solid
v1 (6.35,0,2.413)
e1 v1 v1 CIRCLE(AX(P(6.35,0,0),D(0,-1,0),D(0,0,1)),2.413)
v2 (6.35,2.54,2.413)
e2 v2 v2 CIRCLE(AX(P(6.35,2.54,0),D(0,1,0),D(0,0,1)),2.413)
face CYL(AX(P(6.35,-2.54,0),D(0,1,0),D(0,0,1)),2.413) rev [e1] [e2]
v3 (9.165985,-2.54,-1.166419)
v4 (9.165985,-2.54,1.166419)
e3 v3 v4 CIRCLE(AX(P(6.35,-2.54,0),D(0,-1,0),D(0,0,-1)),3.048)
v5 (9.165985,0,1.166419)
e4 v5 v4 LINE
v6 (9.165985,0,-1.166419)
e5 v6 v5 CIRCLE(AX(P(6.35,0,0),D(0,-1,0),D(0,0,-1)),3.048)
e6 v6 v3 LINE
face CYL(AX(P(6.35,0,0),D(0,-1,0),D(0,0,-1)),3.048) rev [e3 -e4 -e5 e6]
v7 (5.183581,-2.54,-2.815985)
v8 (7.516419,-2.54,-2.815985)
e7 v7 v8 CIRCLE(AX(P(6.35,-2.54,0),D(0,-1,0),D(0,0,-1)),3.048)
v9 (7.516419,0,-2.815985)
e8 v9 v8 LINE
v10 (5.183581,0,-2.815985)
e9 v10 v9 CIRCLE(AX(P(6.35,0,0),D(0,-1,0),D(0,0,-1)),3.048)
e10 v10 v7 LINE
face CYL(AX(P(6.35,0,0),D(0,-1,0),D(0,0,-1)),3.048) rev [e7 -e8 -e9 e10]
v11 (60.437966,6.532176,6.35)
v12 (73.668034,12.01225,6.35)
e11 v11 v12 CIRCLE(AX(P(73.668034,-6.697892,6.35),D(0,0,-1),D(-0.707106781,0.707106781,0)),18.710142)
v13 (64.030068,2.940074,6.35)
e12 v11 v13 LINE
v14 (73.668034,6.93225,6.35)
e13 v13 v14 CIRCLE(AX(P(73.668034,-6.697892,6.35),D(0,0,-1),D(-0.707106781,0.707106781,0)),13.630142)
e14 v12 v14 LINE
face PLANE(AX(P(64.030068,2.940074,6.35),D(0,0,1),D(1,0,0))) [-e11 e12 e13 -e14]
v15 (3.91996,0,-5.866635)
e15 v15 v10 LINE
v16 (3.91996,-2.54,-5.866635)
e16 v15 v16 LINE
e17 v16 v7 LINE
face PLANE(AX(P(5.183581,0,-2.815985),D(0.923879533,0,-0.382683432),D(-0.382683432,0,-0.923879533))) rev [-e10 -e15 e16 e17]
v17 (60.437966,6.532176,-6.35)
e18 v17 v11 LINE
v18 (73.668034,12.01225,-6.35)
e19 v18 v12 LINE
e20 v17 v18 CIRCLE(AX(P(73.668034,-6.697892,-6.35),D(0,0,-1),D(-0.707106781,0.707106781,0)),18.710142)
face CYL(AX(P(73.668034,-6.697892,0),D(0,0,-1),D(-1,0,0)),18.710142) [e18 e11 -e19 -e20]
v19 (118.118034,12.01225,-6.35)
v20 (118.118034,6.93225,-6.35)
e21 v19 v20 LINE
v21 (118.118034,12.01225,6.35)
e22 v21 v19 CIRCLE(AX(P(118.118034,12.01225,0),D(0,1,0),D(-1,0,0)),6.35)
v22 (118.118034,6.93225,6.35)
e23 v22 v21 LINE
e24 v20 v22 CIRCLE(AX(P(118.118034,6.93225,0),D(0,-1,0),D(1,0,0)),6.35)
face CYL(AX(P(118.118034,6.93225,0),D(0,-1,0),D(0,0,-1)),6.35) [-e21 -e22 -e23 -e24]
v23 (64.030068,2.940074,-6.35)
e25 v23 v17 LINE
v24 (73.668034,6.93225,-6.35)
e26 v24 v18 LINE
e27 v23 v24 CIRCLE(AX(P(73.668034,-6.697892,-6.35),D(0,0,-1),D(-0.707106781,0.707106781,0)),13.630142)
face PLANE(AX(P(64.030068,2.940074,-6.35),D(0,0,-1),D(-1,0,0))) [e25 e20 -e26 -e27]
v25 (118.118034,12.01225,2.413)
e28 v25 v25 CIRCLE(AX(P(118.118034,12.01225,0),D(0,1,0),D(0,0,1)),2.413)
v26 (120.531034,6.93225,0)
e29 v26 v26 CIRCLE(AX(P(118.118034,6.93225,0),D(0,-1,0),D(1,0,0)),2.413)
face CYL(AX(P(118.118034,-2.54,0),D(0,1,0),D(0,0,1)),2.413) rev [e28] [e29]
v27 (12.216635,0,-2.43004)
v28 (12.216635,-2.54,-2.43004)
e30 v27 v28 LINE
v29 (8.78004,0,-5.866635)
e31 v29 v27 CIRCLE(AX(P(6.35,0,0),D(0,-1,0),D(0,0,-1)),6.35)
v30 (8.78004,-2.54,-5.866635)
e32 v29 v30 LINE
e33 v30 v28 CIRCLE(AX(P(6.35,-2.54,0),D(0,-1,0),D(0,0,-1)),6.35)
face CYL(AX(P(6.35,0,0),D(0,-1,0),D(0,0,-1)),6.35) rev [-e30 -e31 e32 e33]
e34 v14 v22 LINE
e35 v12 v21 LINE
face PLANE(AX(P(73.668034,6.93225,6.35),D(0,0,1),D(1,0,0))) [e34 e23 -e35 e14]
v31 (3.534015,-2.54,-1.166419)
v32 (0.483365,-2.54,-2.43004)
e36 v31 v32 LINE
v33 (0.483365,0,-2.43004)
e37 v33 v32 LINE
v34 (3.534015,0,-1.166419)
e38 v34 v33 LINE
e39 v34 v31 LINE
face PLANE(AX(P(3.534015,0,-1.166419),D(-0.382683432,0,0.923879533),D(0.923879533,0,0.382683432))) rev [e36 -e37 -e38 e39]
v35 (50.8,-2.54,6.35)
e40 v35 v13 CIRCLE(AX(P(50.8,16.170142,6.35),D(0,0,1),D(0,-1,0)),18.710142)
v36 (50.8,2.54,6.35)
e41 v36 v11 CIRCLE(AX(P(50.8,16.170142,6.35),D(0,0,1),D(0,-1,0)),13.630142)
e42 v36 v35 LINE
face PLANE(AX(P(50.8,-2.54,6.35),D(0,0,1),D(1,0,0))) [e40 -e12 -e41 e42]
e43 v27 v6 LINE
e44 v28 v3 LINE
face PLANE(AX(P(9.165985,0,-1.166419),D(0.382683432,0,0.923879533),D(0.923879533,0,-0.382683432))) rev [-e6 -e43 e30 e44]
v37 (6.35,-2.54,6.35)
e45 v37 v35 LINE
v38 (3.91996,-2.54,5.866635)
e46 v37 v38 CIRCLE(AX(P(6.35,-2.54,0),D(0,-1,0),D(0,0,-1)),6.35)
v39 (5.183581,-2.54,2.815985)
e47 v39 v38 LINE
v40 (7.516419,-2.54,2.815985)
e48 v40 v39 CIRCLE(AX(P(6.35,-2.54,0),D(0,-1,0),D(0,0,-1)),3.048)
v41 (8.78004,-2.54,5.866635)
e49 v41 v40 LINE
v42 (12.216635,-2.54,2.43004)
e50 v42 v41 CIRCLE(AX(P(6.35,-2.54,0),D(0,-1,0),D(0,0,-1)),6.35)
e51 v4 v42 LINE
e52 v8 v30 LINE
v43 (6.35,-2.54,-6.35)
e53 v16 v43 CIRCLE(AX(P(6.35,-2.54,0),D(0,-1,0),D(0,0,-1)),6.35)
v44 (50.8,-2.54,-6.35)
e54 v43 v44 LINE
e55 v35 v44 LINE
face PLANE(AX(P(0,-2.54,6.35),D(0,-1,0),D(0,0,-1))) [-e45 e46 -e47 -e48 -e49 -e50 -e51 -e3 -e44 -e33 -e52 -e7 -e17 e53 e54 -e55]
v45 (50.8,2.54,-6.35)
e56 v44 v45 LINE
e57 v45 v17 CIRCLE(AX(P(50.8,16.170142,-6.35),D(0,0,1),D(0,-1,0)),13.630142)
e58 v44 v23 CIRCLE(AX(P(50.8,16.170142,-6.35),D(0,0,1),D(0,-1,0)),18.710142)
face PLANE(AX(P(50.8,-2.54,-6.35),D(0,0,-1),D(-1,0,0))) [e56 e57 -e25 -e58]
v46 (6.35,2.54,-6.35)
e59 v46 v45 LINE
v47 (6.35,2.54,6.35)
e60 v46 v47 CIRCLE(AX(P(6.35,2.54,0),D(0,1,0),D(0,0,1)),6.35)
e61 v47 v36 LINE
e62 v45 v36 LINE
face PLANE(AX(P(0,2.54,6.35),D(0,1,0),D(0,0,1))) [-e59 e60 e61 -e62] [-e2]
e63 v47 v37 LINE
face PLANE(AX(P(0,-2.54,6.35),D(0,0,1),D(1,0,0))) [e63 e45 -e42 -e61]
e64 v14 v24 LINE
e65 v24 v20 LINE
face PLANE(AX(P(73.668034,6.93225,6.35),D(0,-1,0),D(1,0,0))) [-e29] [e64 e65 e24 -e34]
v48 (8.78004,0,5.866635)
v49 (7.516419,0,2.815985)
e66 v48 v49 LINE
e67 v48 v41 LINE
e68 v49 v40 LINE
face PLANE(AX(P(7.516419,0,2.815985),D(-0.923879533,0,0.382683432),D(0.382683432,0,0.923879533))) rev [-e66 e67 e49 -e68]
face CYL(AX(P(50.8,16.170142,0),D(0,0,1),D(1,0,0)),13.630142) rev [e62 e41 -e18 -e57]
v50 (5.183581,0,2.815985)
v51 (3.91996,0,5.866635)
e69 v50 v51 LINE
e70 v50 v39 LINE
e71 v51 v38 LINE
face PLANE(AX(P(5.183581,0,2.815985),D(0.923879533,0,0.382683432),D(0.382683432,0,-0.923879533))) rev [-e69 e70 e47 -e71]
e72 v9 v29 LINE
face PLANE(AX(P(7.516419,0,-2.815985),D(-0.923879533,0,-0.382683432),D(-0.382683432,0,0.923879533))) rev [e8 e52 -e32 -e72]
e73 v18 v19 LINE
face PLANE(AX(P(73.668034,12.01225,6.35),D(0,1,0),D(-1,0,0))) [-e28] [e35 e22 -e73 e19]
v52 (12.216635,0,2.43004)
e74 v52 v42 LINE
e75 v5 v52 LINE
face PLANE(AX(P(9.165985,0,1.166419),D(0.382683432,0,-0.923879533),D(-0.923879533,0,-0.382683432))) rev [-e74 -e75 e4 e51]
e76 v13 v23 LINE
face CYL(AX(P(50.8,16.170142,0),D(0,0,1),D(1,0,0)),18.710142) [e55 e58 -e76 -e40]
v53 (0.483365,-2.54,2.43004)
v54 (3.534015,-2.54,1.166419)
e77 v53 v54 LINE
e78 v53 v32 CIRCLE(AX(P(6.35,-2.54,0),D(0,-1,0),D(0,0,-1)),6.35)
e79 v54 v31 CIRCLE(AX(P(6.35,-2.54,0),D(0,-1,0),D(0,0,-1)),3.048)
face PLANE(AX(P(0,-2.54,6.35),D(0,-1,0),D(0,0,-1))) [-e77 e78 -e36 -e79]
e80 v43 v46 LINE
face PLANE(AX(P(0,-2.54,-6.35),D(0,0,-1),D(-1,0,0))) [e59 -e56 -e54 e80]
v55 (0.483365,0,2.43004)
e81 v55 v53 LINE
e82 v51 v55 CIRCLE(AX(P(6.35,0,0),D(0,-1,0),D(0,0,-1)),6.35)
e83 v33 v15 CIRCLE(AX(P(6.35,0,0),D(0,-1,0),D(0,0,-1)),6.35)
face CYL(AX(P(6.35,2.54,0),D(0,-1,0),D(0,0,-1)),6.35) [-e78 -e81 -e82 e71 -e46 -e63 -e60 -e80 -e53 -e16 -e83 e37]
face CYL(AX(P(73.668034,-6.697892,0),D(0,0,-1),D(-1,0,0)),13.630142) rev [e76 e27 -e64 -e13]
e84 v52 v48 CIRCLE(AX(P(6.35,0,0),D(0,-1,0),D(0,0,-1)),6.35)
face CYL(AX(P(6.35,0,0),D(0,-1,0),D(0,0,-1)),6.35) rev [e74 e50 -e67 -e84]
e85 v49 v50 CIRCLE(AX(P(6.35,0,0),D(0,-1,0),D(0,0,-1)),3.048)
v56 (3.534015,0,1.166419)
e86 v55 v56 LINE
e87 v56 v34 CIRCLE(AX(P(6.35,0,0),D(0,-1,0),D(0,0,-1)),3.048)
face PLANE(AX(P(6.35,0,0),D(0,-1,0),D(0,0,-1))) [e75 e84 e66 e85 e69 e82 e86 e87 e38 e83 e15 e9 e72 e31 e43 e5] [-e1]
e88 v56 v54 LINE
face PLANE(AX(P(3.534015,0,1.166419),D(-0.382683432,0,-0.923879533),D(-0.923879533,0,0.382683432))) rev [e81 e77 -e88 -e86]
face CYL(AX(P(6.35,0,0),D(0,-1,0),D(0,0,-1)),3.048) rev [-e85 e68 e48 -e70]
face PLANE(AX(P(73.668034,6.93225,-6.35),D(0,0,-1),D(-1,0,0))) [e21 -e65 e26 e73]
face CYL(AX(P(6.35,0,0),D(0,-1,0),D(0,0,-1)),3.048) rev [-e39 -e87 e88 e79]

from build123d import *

# Parameters (mm, degrees)
SKETCH1_W               = 12.7
SKETCH1_H               = 5.08
CUT_EXTRUDE1_DEPTH      = 125.989350007
CUT_EXTRUDE1_DEPTH_BACK = 125.989350007
SKETCH5_R               = 2.413
FILLET1_RADIUS          = 6.35
FILLET1_LENGTH          = 5.08
FILLET2_RADIUS          = 6.35
FILLET2_LENGTH          = 5.08
CUT_EXTRUDE3_START      = -2.54
SKETCH6_R               = 2.413
CUT_EXTRUDE3_DEPTH      = 2.54


with BuildPart() as part:
    # Sweep1: sweep along a path in Sketch3
    with BuildLine(Plane.XY) as sweep1_path:
        Line((0, 0), (50.8, 0))
        ThreePointArc((50.8, 0), (56.988045526, 1.230878785), (62.234017215, 4.736125003))
        ThreePointArc((62.234017215, 4.736125003), (67.479988905, 8.241371221), (73.66803443, 9.472250006))
        Line((73.66803443, 9.472250006), (124.46803443, 9.472250006))
    # Sketch1 → Sweep1 (sweep)
    with BuildSketch(Plane(origin=(0, 0, 0), x_dir=(0, 0, -1), z_dir=(1, 0, 0))):
        Rectangle(SKETCH1_W, SKETCH1_H)
    sweep(path=sweep1_path.line)

    # Sketch5 → Cut-Extrude1 (cut, two sides: drawn at the far end of the back side and taken through both)
    with BuildSketch(Plane(origin=(0, 2.54, 0), x_dir=(1, 0, 0), z_dir=(0, 1, 0)).offset(-CUT_EXTRUDE1_DEPTH_BACK)):
        with Locations(Location((6.35, 0, 0), (0, 0, 270))):
            Circle(SKETCH5_R)
        with Locations(Location((118.11803443, 0, 0), (0, 0, 270))):
            Circle(SKETCH5_R)
    extrude(amount=CUT_EXTRUDE1_DEPTH + CUT_EXTRUDE1_DEPTH_BACK, mode=Mode.SUBTRACT)

    # Fillet1: full round fillet: the end face becomes a half cylinder, R = half its width
    fillet1_face = Plane((0, 0, 0), x_dir=(0, 1, 0), z_dir=(-1, 0, 0))  # on the end face: x along it, z out of the body
    fillet1_slab = fillet1_face.offset(-FILLET1_RADIUS / 2) * Box(FILLET1_LENGTH, 2 * FILLET1_RADIUS, FILLET1_RADIUS, mode=Mode.PRIVATE)  # the body's end, R deep
    fillet1_round = Plane((6.35, 0, 0), x_dir=(-1, 0, 0), z_dir=(0, 1, 0)) * Cylinder(FILLET1_RADIUS, FILLET1_LENGTH, mode=Mode.PRIVATE)  # its axis R under the face
    add(fillet1_slab - fillet1_round, mode=Mode.SUBTRACT)

    # Fillet2: full round fillet: the end face becomes a half cylinder, R = half its width
    fillet2_face = Plane((124.46803443, 9.472250006, 0), x_dir=(0, 1, 0), z_dir=(1, 0, 0))  # on the end face: x along it, z out of the body
    fillet2_slab = fillet2_face.offset(-FILLET2_RADIUS / 2) * Box(FILLET2_LENGTH, 2 * FILLET2_RADIUS, FILLET2_RADIUS, mode=Mode.PRIVATE)  # the body's end, R deep
    fillet2_round = Plane((118.11803443, 9.472250006, 0), x_dir=(1, 0, 0), z_dir=(0, 1, 0)) * Cylinder(FILLET2_RADIUS, FILLET2_LENGTH, mode=Mode.PRIVATE)  # its axis R under the face
    add(fillet2_slab - fillet2_round, mode=Mode.SUBTRACT)

    # Sketch6 → Cut-Extrude3 (cut)
    with BuildSketch(Plane.XZ.offset(2.54).offset(CUT_EXTRUDE3_START)):
        with BuildLine():
            Line((7.516419102, -2.815984815), (8.780039796, -5.866635031))
            ThreePointArc((8.780039796, -5.866635031), (10.840128061, -4.490128061), (12.216635031, -2.430039796))
            Line((12.216635031, -2.430039796), (9.165984815, -1.166419102))
            ThreePointArc((9.165984815, -1.166419102), (9.398, 0), (9.165984815, 1.166419102))
            Line((9.165984815, 1.166419102), (12.216635031, 2.430039796))
            ThreePointArc((12.216635031, 2.430039796), (10.840128061, 4.490128061), (8.780039796, 5.866635031))
            Line((8.780039796, 5.866635031), (7.516419102, 2.815984815))
            ThreePointArc((7.516419102, 2.815984815), (6.35, 3.048), (5.183580898, 2.815984815))
            Line((5.183580898, 2.815984815), (3.919960204, 5.866635031))
            ThreePointArc((3.919960204, 5.866635031), (1.859871939, 4.490128061), (0.483364969, 2.430039796))
            Line((0.483364969, 2.430039796), (3.534015185, 1.166419102))
            ThreePointArc((3.534015185, 1.166419102), (3.302, 0), (3.534015185, -1.166419102))
            Line((3.534015185, -1.166419102), (0.483364969, -2.430039796))
            ThreePointArc((0.483364969, -2.430039796), (1.859871939, -4.490128061), (3.919960204, -5.866635031))
            Line((3.919960204, -5.866635031), (5.183580898, -2.815984815))
            ThreePointArc((5.183580898, -2.815984815), (6.35, -3.048), (7.516419102, -2.815984815))
        make_face()
        with Locations(Location((6.35, 0, 0), (0, 0, 90))):
            Circle(SKETCH6_R, mode=Mode.SUBTRACT)
    extrude(amount=CUT_EXTRUDE3_DEPTH, mode=Mode.SUBTRACT)


solid = part.part
